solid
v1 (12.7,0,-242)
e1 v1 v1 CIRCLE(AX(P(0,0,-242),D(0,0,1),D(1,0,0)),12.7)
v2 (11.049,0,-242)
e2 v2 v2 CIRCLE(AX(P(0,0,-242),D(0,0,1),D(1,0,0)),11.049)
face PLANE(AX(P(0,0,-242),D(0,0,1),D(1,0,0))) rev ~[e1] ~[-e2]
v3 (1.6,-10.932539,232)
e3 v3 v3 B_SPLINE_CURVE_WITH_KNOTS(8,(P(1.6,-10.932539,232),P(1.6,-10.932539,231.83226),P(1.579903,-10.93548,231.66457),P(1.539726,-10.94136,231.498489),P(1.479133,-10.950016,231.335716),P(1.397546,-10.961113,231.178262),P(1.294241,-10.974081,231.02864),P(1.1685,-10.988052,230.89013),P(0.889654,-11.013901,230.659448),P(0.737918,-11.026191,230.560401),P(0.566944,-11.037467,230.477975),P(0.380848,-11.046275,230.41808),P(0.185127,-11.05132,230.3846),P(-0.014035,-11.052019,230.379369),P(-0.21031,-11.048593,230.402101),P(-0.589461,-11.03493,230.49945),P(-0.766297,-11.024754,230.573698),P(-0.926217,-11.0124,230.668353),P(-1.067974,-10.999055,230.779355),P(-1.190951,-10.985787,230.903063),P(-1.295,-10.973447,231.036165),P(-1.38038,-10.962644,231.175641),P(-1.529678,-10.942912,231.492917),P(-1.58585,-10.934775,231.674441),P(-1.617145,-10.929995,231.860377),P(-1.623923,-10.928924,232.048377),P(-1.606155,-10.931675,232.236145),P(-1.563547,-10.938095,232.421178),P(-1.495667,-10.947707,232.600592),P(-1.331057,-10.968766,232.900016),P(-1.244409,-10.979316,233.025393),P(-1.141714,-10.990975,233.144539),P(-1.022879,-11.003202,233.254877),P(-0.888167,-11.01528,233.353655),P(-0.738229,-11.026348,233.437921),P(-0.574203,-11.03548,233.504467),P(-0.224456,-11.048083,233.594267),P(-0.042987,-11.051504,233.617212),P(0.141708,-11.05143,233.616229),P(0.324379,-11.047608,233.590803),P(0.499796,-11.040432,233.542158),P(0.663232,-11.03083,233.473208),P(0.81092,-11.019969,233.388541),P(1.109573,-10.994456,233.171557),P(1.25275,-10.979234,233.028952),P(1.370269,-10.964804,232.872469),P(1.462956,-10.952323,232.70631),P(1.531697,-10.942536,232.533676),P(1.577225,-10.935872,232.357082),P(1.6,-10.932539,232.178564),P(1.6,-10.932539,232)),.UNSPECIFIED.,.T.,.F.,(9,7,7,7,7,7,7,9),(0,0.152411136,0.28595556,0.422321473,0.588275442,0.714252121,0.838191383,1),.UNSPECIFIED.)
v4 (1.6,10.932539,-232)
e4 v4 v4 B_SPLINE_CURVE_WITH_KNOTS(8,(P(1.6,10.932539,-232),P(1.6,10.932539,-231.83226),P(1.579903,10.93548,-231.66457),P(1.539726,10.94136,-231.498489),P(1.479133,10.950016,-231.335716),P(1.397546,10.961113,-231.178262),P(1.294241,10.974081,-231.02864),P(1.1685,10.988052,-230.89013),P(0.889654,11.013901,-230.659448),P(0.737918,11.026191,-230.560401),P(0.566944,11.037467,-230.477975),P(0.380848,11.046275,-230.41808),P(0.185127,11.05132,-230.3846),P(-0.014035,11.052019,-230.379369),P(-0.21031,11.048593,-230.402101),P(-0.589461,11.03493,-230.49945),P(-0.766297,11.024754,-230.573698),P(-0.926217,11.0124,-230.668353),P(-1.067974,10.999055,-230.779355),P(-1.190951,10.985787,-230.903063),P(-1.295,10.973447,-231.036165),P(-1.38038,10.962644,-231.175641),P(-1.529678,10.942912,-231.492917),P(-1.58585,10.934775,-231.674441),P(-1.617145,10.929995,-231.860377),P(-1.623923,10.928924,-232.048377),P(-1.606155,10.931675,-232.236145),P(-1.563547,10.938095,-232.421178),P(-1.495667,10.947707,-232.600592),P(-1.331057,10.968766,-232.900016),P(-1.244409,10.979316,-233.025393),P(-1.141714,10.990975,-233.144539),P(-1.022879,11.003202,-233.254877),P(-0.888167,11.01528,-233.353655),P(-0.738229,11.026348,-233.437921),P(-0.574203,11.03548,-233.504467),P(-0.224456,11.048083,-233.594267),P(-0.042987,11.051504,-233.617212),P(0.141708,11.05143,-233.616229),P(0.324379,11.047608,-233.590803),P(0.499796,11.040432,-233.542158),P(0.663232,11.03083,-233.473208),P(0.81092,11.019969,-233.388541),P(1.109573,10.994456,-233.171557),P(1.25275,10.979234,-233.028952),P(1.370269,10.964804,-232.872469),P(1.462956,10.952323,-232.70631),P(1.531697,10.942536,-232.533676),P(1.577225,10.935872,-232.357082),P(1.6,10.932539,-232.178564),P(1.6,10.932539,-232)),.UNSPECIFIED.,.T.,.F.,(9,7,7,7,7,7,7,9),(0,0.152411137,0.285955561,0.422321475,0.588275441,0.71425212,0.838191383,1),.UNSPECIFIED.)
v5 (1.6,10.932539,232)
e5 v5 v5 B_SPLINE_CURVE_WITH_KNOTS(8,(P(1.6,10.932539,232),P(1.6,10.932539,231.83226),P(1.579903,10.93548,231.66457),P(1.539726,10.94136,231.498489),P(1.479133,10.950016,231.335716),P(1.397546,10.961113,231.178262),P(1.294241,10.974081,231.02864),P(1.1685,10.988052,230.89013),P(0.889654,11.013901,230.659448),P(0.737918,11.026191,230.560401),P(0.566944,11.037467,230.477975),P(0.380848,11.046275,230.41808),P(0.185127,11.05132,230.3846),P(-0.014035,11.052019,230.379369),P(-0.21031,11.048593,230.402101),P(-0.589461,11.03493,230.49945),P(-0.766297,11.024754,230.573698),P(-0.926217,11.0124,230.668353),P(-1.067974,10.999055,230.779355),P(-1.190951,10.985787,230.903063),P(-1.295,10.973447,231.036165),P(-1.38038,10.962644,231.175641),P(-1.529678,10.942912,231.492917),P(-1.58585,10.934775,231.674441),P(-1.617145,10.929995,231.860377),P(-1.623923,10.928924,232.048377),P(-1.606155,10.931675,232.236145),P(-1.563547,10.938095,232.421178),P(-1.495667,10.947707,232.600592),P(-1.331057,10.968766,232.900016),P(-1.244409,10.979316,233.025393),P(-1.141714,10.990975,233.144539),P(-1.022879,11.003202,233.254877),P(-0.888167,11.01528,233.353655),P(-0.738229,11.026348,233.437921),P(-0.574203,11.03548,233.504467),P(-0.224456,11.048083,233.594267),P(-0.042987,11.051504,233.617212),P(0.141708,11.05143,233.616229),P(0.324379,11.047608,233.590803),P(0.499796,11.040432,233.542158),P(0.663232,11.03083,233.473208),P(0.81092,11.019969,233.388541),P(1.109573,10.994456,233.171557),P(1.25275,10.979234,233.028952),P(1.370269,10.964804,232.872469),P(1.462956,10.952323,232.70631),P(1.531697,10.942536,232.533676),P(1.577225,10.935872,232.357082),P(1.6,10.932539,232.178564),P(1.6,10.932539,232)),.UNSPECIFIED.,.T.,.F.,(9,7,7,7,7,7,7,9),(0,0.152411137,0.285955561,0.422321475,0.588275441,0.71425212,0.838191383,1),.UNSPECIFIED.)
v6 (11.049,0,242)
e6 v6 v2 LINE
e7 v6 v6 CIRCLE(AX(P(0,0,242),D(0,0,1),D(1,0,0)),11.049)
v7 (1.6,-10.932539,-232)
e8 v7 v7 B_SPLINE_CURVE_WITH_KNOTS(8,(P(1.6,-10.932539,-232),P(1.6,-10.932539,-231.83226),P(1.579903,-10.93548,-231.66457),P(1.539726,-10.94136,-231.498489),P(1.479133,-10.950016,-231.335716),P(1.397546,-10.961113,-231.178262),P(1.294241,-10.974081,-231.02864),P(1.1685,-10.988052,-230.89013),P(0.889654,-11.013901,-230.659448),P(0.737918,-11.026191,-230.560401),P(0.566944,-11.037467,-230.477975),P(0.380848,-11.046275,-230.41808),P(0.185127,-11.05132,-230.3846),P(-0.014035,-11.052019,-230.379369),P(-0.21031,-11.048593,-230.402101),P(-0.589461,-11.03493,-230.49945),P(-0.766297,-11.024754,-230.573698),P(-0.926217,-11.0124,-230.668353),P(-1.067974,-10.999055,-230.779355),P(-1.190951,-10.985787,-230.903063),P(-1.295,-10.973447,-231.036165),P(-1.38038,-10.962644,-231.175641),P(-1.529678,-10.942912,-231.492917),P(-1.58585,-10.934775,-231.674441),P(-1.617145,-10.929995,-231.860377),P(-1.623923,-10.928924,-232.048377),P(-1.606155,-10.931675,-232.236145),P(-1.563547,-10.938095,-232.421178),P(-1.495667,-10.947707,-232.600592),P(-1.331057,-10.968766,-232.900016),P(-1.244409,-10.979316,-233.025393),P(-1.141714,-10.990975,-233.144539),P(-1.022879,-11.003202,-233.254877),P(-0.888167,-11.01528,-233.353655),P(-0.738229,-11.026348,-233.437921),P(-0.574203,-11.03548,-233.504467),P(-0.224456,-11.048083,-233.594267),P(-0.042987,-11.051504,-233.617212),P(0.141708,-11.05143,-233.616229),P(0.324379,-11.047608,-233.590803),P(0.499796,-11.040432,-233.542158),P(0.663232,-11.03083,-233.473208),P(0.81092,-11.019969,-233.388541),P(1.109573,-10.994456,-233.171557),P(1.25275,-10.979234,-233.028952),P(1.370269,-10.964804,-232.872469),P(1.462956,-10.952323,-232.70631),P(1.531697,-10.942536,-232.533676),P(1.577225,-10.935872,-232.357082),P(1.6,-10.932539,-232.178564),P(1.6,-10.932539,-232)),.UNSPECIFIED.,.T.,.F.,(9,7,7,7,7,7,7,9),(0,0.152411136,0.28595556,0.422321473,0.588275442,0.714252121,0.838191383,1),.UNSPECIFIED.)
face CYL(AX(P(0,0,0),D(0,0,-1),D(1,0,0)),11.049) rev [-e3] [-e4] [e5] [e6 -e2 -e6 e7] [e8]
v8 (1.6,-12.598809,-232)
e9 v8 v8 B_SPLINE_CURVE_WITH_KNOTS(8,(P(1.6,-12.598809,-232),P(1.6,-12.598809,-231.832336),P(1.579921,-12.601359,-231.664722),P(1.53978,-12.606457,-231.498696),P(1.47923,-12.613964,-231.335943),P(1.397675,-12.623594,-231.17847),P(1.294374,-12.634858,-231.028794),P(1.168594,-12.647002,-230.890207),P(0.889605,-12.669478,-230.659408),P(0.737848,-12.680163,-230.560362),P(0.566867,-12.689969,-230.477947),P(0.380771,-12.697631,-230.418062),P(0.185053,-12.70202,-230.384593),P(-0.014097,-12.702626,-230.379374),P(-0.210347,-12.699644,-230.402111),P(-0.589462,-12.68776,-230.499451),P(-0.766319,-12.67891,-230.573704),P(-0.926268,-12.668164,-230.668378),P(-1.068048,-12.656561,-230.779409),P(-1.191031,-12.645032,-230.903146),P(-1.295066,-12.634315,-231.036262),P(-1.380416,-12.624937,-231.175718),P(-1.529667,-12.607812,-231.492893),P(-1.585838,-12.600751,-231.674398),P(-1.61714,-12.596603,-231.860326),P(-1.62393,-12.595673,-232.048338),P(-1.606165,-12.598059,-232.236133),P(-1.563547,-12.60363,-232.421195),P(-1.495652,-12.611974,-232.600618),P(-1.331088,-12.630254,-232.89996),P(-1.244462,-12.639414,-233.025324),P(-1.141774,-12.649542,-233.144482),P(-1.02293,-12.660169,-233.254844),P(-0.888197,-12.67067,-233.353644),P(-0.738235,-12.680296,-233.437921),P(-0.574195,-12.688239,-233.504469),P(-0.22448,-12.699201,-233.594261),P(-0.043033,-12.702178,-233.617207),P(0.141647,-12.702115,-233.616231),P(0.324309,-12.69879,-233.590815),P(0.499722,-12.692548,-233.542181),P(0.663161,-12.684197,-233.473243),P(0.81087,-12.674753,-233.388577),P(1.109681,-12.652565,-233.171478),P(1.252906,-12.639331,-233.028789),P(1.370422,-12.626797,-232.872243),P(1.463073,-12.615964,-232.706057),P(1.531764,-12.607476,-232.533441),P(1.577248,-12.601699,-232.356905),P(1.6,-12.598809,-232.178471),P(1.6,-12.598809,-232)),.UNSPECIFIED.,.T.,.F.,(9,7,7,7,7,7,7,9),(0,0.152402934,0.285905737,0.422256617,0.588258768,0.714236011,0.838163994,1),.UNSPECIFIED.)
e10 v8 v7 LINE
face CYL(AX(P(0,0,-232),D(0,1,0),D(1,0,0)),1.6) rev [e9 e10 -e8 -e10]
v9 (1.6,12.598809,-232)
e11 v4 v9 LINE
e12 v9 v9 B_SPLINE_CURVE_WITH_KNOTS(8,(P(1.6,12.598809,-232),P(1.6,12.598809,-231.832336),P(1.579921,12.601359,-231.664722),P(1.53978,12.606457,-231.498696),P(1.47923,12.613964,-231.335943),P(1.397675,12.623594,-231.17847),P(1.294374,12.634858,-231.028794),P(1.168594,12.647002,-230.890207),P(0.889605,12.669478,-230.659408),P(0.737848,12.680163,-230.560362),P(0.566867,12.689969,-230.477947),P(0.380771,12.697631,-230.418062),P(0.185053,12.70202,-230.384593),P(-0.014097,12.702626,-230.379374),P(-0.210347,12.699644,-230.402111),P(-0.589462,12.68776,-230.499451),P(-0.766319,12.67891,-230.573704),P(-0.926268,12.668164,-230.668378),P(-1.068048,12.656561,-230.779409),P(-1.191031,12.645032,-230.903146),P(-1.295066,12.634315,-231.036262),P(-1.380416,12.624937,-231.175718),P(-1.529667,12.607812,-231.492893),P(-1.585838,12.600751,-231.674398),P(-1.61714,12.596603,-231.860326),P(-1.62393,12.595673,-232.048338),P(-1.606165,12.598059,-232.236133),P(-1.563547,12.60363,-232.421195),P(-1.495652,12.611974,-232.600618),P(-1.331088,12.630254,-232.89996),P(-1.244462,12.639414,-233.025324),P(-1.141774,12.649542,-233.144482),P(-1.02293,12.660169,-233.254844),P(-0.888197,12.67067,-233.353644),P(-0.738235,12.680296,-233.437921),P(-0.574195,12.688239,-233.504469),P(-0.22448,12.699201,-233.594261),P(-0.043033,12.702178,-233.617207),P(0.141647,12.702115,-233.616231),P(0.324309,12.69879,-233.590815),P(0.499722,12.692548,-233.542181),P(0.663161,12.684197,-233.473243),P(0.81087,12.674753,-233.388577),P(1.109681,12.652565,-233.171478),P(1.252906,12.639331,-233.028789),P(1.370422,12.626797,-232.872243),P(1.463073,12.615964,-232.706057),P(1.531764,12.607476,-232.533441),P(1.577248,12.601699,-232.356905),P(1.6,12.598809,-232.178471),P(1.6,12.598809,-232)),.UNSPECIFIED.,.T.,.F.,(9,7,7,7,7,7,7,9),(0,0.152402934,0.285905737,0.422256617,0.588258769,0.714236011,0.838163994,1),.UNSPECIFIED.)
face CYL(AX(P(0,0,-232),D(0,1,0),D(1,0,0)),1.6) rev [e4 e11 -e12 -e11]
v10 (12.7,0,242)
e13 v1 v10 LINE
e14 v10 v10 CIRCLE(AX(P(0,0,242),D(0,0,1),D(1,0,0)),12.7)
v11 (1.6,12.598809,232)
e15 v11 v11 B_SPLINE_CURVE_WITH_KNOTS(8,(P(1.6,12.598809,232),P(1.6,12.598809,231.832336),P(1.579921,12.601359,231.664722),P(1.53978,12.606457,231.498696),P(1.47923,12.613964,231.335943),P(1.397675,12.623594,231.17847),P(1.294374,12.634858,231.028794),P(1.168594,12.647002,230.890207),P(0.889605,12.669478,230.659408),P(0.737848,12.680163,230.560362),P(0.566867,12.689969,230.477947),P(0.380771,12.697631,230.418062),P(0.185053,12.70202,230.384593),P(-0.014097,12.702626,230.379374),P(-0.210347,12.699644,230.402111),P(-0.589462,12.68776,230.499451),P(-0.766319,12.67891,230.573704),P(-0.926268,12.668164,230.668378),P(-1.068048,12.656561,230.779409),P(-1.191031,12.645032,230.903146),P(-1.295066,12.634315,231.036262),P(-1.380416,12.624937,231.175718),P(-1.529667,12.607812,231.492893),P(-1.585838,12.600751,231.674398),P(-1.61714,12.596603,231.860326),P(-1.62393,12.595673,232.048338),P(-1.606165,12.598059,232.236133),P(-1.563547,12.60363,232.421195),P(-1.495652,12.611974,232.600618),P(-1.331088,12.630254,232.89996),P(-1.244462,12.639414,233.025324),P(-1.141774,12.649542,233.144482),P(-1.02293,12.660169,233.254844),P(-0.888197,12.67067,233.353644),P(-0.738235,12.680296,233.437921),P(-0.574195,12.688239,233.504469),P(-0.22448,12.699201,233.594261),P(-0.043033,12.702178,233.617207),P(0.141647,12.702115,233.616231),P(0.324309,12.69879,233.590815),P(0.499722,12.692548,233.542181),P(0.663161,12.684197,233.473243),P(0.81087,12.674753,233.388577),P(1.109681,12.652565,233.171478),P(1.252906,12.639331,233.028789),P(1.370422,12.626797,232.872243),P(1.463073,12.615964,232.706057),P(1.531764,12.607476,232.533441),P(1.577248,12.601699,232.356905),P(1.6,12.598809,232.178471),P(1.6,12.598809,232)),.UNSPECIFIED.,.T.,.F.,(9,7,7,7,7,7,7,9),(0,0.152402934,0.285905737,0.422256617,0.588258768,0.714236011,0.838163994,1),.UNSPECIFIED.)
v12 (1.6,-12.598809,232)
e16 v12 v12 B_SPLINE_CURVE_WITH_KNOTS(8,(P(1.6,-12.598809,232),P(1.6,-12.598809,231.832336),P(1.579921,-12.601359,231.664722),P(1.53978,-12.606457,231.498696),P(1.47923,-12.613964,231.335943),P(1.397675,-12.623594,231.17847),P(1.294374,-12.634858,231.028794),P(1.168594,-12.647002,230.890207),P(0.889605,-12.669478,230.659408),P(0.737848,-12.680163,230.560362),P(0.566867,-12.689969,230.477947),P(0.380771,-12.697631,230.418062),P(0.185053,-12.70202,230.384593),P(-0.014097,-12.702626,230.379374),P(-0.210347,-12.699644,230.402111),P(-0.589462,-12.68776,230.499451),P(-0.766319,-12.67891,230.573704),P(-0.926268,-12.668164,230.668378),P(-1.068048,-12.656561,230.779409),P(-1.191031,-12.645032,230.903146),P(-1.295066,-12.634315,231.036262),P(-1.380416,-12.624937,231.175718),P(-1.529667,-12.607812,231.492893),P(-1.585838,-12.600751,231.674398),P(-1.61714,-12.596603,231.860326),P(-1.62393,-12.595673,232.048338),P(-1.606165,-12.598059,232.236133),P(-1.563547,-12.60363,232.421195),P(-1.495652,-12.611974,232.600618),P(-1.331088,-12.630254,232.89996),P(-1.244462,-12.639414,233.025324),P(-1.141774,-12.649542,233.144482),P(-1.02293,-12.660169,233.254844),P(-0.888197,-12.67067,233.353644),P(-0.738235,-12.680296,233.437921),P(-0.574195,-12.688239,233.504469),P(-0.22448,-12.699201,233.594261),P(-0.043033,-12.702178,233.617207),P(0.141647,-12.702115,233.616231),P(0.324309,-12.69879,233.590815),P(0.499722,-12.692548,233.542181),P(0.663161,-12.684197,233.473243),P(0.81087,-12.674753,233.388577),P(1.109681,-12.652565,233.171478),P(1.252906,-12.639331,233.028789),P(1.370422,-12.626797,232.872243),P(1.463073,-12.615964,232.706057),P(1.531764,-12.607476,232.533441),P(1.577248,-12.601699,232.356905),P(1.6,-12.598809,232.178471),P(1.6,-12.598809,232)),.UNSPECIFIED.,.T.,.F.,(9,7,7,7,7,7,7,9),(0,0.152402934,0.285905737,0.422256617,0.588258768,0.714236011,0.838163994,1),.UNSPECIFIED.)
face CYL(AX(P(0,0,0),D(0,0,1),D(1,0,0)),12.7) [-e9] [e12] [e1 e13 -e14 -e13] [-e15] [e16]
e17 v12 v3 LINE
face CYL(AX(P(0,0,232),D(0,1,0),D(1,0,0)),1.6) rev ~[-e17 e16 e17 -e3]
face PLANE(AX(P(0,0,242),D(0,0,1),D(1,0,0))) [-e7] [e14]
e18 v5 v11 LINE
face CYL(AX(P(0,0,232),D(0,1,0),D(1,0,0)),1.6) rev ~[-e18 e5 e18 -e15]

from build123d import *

# Parameters (mm, degrees)
SKETCH1_R           = 12.7
SKETCH1_R_2         = 11.049
BOSS_EXTRUDE1_DEPTH = 242
SKETCH2_R           = 1.6
CUT_EXTRUDE1_DEPTH  = 13.7


with BuildPart() as part:
    # Sketch1 → Boss-Extrude1 (new body, symmetric)
    with BuildSketch(Plane.XY):
        Circle(SKETCH1_R)
        Circle(SKETCH1_R_2, mode=Mode.SUBTRACT)
    extrude(amount=BOSS_EXTRUDE1_DEPTH, both=True)

    # Sketch2 → Cut-Extrude1 (cut, symmetric)
    with BuildSketch(Plane(origin=(0, 0, 0), x_dir=(1, 0, 0), z_dir=(0, 1, 0))):
        with Locations((0, -232)):
            Circle(SKETCH2_R)
    cut_extrude1 = extrude(amount=CUT_EXTRUDE1_DEPTH, both=True, mode=Mode.SUBTRACT)

    # Mirror1: Cut-Extrude1 across plane
    add(cut_extrude1.mirror(Plane.XY), mode=Mode.SUBTRACT)


solid = part.part
